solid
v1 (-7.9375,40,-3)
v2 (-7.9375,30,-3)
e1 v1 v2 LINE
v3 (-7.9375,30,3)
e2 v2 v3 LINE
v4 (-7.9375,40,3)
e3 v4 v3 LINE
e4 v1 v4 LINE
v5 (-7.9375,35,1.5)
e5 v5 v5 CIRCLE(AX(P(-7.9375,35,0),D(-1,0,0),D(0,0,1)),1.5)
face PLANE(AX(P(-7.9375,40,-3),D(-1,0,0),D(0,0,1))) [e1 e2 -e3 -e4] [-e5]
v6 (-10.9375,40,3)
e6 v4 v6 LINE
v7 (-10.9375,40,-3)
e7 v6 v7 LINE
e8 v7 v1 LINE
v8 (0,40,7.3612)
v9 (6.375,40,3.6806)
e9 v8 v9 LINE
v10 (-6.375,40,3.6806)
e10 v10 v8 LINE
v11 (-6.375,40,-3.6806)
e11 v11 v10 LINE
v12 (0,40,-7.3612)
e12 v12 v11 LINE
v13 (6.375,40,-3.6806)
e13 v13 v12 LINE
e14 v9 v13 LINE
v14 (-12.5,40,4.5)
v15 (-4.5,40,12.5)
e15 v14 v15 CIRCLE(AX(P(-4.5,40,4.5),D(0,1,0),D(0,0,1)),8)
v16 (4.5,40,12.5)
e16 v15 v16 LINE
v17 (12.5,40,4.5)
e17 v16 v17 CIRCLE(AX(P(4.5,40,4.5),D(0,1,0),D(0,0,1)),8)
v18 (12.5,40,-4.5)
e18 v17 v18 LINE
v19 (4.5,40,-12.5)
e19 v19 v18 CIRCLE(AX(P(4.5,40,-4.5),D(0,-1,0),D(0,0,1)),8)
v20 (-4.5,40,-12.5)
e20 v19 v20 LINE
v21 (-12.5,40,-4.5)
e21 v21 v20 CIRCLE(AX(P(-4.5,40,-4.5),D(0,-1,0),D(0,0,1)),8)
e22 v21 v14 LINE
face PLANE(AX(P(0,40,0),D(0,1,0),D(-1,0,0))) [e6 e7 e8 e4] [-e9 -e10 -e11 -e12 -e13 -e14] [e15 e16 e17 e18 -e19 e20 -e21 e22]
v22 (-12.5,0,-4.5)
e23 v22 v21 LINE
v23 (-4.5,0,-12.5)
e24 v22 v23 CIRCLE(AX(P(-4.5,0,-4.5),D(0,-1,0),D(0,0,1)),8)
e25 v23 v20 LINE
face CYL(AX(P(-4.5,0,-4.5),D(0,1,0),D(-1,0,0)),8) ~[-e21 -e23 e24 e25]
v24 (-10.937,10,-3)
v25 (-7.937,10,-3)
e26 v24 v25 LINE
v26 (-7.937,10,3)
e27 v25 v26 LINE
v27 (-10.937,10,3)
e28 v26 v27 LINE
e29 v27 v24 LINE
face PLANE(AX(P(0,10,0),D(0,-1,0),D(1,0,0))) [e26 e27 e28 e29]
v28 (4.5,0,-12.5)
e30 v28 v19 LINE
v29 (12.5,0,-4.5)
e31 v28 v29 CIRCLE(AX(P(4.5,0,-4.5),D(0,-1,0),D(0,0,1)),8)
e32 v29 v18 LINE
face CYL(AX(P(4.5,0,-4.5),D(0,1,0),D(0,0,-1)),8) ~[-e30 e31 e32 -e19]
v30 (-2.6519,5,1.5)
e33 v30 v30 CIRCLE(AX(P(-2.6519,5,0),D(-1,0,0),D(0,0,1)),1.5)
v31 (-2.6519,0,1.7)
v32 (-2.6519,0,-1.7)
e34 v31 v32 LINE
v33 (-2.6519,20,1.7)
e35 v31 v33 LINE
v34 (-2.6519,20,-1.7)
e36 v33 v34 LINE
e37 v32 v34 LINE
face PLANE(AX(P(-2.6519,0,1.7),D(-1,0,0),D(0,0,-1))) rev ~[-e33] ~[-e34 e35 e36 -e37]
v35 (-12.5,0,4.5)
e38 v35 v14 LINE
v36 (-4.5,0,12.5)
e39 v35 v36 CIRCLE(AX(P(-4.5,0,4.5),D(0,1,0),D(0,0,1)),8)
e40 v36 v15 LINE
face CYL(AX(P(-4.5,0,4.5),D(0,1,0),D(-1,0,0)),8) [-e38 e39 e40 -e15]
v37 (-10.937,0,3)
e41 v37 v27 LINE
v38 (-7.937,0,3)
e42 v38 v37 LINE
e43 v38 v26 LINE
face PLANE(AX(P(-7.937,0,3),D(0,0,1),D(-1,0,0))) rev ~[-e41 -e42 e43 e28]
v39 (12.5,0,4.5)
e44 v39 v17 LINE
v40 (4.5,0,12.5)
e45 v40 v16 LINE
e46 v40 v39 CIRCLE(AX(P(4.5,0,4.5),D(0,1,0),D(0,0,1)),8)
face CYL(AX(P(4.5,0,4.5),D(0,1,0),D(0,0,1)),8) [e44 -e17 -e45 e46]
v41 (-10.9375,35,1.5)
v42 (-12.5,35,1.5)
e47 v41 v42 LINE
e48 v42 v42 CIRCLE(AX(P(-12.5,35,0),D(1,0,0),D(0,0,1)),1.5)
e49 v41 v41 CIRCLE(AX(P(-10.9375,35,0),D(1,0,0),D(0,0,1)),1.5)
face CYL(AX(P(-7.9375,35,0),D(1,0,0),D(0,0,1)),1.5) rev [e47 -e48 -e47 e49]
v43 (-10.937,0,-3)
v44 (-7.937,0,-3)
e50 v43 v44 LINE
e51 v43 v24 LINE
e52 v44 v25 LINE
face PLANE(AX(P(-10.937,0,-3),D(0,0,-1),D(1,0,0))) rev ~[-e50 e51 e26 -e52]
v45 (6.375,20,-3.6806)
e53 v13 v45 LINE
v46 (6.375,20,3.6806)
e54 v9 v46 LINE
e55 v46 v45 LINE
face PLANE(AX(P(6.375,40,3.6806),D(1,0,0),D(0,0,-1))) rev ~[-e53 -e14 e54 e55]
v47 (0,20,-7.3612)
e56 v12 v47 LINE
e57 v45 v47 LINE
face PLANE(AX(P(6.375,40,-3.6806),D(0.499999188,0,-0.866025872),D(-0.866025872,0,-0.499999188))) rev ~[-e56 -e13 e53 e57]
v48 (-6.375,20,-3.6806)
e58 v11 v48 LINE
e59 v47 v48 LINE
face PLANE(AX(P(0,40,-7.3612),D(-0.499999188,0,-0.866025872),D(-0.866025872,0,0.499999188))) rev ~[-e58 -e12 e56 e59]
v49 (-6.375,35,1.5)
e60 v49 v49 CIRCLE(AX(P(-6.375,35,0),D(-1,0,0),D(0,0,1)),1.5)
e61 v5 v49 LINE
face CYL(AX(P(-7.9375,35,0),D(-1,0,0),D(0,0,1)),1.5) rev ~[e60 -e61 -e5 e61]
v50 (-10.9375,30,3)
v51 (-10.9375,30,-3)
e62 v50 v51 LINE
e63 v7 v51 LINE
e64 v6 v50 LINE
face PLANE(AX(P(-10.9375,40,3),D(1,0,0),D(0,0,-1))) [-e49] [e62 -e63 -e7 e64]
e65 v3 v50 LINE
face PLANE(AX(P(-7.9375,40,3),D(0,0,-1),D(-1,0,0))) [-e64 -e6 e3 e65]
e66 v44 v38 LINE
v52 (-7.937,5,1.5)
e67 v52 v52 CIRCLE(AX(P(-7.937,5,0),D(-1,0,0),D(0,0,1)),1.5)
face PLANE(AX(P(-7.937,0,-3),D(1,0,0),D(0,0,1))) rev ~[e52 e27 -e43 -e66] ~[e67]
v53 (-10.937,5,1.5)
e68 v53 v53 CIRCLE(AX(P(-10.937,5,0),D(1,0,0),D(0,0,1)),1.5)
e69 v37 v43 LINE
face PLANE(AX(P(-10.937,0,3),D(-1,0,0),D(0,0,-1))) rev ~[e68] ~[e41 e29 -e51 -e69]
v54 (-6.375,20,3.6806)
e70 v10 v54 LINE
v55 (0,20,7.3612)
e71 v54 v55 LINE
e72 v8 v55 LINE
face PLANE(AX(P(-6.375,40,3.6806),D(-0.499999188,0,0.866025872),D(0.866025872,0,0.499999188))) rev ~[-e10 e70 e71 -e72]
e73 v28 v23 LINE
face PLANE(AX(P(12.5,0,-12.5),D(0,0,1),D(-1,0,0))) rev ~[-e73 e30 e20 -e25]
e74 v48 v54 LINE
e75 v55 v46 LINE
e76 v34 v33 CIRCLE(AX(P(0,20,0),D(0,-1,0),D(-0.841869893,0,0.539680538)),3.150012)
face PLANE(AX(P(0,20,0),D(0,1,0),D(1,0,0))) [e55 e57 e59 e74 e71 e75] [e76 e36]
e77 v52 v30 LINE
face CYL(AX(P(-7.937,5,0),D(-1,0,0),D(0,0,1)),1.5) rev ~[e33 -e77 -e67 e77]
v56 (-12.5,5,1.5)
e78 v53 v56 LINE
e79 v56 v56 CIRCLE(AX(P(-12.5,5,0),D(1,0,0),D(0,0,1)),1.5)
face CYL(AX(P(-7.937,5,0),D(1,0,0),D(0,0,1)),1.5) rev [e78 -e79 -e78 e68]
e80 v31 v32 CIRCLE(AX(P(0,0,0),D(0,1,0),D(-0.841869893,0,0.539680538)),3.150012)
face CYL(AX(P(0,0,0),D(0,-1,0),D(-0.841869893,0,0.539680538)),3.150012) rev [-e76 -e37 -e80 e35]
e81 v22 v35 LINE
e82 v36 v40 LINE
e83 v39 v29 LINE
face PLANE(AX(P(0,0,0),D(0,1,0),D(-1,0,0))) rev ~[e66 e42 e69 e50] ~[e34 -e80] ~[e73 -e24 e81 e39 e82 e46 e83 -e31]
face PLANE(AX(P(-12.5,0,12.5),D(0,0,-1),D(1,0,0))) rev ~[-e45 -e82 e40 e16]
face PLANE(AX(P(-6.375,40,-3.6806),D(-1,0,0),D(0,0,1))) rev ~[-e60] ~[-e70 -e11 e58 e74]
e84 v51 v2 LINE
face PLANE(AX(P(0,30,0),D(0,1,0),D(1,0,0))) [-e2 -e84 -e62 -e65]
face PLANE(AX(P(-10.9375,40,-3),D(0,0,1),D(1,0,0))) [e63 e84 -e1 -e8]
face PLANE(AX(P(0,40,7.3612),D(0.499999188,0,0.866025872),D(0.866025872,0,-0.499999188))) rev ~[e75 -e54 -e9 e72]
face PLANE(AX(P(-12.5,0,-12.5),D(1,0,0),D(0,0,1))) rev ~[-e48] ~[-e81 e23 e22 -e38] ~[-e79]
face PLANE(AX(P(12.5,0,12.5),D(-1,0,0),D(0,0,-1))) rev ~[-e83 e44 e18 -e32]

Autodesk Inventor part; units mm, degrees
ref_plane "YZ Plane" through (0, 0, 0) normal (1, 0, 0) x (0, 1, 0)
ref_plane "XZ Plane" through (0, 0, 0) normal (0, 1, 0) x (-1, 0, 0)
ref_plane "XY Plane" through (0, 0, 0) normal (0, 0, 1) x (1, 0, 0)
sketch "Sketch11" plane through (0, 0, 0) normal (0, 1, 0) x (-1, 0, 0)
  arc A0 (2.6519, 1.7) -> (2.6519, -1.7) centre (0, 0) ccw
  line L0 (2.6519, 1.7) -> (2.6519, -1.7)
  line L1 (12.5, 12.5) -> (-12.5, 12.5)
  line L2 (-12.5, 12.5) -> (-12.5, -12.5)
  line L3 (-12.5, -12.5) -> (12.5, -12.5)
  line L4 (12.5, -12.5) -> (12.5, 12.5)
  line L5 (12.5, 12.5) -> (-12.5, -12.5) construction
  line L6 (-12.5, 12.5) -> (12.5, -12.5) construction
  dimension "d45" = 6.3
  dimension "d46" = 3.4
  dimension "d47" = 25
  dimension "d48" = 25
extrude "Extrusion8" add sketch "Sketch11" along normal blind 40
sketch "Sketch12" plane through (0, 40, 0) normal (0, 1, 0) x (1, 0, 0)
  line L0 (0, -7.3612) -> (6.375, -3.6806)
  line L1 (6.375, -3.6806) -> (6.375, 3.6806)
  line L2 (6.375, 3.6806) -> (0, 7.3612)
  line L3 (0, 7.3612) -> (-6.375, 3.6806)
  line L4 (-6.375, 3.6806) -> (-6.375, -3.6806)
  line L5 (-6.375, -3.6806) -> (0, -7.3612)
  line L6 (0, -7.3612) -> (0, 0)
  line L7 (0, 0) -> (0, 7.3612)
  point P0 (3.1875, -5.5209)
  dimension "d52" = 120
  dimension "d54" = 12.75
extrude "Extrusion9" cut sketch "Sketch12" against normal blind 20
sketch "Sketch13" plane through (0, 40, 0) normal (0, 1, 0) x (1, 0, 0)
  line L0 (-7.9375, -3) -> (-10.9375, -3)
  line L1 (-10.9375, -3) -> (-10.9375, 3)
  line L2 (-10.9375, 3) -> (-7.9375, 3)
  line L3 (-7.9375, 3) -> (-7.9375, -3)
  line L4 (-7.9375, -3) -> (-10.9375, 3) construction
  line L5 (-10.9375, -3) -> (-7.9375, 3) construction
  line L6 (-12.5, 12.5) -> (-12.5, -12.5) projected
  point P0 (0, 0)
  point P1 (-9.4375, 0)
  dimension "d57" = 3
  dimension "d58" = 6
  dimension "d59" = 3.0625
extrude "Extrusion10" cut sketch "Sketch13" against normal blind 10
sketch "Sketch14" plane through (-7.9375, 40, -3) normal (-1, 0, 0) x (0, 0, 1)
  circle A0 centre (3, -5) radius 1.5
  line L0 (6, 0) -> (6, -10) projected
  line L1 (6, -10) -> (0, -10) projected
  point P0 (3, -40)
  dimension "d62" = 3
  dimension "d63" = 3
  dimension "d64" = 5
extrude "Extrusion11" cut sketch "Sketch14" along normal mid plane 10
sketch "Sketch15" plane through (0, 0, 0) normal (0, -1, 0) x (1, 0, 0)
  line L0 (-10.937, -3) -> (-7.937, -3)
  line L1 (-7.937, -3) -> (-7.937, 3)
  line L2 (-7.937, 3) -> (-10.937, 3)
  line L3 (-10.937, 3) -> (-10.937, -3)
  line L4 (-12.5, -12.5) -> (-12.5, 12.5) projected
  point P0 (0, 0)
  point P1 (-9.437, 3)
  dimension "d67" = 3
  dimension "d68" = 6
  dimension "d69" = 4.563
  dimension "d70" = 3
extrude "Extrusion12" cut sketch "Sketch15" against normal blind 10
sketch "Sketch16" plane through (-7.937, 0, -3) normal (-1, 0, 0) x (0, 0, 1)
  circle A0 centre (3, 5) radius 1.5
  line L0 (6, 0) -> (6, 10) projected
  line L1 (-9.5, 0) -> (15.5, 0) projected
  point P0 (3, 0)
  dimension "d73" = 3
  dimension "d74" = 3
  dimension "d75" = 5
extrude "Extrusion13" cut sketch "Sketch16" along normal blind 10 and the other way blind 6
fillet "Fillet1" radius 8 4 edges at (12.5, 20, -12.5) (12.5, 20, 12.5) (-12.5, 20, -12.5) (-12.5, 20, 12.5)
properties part number "collar"
